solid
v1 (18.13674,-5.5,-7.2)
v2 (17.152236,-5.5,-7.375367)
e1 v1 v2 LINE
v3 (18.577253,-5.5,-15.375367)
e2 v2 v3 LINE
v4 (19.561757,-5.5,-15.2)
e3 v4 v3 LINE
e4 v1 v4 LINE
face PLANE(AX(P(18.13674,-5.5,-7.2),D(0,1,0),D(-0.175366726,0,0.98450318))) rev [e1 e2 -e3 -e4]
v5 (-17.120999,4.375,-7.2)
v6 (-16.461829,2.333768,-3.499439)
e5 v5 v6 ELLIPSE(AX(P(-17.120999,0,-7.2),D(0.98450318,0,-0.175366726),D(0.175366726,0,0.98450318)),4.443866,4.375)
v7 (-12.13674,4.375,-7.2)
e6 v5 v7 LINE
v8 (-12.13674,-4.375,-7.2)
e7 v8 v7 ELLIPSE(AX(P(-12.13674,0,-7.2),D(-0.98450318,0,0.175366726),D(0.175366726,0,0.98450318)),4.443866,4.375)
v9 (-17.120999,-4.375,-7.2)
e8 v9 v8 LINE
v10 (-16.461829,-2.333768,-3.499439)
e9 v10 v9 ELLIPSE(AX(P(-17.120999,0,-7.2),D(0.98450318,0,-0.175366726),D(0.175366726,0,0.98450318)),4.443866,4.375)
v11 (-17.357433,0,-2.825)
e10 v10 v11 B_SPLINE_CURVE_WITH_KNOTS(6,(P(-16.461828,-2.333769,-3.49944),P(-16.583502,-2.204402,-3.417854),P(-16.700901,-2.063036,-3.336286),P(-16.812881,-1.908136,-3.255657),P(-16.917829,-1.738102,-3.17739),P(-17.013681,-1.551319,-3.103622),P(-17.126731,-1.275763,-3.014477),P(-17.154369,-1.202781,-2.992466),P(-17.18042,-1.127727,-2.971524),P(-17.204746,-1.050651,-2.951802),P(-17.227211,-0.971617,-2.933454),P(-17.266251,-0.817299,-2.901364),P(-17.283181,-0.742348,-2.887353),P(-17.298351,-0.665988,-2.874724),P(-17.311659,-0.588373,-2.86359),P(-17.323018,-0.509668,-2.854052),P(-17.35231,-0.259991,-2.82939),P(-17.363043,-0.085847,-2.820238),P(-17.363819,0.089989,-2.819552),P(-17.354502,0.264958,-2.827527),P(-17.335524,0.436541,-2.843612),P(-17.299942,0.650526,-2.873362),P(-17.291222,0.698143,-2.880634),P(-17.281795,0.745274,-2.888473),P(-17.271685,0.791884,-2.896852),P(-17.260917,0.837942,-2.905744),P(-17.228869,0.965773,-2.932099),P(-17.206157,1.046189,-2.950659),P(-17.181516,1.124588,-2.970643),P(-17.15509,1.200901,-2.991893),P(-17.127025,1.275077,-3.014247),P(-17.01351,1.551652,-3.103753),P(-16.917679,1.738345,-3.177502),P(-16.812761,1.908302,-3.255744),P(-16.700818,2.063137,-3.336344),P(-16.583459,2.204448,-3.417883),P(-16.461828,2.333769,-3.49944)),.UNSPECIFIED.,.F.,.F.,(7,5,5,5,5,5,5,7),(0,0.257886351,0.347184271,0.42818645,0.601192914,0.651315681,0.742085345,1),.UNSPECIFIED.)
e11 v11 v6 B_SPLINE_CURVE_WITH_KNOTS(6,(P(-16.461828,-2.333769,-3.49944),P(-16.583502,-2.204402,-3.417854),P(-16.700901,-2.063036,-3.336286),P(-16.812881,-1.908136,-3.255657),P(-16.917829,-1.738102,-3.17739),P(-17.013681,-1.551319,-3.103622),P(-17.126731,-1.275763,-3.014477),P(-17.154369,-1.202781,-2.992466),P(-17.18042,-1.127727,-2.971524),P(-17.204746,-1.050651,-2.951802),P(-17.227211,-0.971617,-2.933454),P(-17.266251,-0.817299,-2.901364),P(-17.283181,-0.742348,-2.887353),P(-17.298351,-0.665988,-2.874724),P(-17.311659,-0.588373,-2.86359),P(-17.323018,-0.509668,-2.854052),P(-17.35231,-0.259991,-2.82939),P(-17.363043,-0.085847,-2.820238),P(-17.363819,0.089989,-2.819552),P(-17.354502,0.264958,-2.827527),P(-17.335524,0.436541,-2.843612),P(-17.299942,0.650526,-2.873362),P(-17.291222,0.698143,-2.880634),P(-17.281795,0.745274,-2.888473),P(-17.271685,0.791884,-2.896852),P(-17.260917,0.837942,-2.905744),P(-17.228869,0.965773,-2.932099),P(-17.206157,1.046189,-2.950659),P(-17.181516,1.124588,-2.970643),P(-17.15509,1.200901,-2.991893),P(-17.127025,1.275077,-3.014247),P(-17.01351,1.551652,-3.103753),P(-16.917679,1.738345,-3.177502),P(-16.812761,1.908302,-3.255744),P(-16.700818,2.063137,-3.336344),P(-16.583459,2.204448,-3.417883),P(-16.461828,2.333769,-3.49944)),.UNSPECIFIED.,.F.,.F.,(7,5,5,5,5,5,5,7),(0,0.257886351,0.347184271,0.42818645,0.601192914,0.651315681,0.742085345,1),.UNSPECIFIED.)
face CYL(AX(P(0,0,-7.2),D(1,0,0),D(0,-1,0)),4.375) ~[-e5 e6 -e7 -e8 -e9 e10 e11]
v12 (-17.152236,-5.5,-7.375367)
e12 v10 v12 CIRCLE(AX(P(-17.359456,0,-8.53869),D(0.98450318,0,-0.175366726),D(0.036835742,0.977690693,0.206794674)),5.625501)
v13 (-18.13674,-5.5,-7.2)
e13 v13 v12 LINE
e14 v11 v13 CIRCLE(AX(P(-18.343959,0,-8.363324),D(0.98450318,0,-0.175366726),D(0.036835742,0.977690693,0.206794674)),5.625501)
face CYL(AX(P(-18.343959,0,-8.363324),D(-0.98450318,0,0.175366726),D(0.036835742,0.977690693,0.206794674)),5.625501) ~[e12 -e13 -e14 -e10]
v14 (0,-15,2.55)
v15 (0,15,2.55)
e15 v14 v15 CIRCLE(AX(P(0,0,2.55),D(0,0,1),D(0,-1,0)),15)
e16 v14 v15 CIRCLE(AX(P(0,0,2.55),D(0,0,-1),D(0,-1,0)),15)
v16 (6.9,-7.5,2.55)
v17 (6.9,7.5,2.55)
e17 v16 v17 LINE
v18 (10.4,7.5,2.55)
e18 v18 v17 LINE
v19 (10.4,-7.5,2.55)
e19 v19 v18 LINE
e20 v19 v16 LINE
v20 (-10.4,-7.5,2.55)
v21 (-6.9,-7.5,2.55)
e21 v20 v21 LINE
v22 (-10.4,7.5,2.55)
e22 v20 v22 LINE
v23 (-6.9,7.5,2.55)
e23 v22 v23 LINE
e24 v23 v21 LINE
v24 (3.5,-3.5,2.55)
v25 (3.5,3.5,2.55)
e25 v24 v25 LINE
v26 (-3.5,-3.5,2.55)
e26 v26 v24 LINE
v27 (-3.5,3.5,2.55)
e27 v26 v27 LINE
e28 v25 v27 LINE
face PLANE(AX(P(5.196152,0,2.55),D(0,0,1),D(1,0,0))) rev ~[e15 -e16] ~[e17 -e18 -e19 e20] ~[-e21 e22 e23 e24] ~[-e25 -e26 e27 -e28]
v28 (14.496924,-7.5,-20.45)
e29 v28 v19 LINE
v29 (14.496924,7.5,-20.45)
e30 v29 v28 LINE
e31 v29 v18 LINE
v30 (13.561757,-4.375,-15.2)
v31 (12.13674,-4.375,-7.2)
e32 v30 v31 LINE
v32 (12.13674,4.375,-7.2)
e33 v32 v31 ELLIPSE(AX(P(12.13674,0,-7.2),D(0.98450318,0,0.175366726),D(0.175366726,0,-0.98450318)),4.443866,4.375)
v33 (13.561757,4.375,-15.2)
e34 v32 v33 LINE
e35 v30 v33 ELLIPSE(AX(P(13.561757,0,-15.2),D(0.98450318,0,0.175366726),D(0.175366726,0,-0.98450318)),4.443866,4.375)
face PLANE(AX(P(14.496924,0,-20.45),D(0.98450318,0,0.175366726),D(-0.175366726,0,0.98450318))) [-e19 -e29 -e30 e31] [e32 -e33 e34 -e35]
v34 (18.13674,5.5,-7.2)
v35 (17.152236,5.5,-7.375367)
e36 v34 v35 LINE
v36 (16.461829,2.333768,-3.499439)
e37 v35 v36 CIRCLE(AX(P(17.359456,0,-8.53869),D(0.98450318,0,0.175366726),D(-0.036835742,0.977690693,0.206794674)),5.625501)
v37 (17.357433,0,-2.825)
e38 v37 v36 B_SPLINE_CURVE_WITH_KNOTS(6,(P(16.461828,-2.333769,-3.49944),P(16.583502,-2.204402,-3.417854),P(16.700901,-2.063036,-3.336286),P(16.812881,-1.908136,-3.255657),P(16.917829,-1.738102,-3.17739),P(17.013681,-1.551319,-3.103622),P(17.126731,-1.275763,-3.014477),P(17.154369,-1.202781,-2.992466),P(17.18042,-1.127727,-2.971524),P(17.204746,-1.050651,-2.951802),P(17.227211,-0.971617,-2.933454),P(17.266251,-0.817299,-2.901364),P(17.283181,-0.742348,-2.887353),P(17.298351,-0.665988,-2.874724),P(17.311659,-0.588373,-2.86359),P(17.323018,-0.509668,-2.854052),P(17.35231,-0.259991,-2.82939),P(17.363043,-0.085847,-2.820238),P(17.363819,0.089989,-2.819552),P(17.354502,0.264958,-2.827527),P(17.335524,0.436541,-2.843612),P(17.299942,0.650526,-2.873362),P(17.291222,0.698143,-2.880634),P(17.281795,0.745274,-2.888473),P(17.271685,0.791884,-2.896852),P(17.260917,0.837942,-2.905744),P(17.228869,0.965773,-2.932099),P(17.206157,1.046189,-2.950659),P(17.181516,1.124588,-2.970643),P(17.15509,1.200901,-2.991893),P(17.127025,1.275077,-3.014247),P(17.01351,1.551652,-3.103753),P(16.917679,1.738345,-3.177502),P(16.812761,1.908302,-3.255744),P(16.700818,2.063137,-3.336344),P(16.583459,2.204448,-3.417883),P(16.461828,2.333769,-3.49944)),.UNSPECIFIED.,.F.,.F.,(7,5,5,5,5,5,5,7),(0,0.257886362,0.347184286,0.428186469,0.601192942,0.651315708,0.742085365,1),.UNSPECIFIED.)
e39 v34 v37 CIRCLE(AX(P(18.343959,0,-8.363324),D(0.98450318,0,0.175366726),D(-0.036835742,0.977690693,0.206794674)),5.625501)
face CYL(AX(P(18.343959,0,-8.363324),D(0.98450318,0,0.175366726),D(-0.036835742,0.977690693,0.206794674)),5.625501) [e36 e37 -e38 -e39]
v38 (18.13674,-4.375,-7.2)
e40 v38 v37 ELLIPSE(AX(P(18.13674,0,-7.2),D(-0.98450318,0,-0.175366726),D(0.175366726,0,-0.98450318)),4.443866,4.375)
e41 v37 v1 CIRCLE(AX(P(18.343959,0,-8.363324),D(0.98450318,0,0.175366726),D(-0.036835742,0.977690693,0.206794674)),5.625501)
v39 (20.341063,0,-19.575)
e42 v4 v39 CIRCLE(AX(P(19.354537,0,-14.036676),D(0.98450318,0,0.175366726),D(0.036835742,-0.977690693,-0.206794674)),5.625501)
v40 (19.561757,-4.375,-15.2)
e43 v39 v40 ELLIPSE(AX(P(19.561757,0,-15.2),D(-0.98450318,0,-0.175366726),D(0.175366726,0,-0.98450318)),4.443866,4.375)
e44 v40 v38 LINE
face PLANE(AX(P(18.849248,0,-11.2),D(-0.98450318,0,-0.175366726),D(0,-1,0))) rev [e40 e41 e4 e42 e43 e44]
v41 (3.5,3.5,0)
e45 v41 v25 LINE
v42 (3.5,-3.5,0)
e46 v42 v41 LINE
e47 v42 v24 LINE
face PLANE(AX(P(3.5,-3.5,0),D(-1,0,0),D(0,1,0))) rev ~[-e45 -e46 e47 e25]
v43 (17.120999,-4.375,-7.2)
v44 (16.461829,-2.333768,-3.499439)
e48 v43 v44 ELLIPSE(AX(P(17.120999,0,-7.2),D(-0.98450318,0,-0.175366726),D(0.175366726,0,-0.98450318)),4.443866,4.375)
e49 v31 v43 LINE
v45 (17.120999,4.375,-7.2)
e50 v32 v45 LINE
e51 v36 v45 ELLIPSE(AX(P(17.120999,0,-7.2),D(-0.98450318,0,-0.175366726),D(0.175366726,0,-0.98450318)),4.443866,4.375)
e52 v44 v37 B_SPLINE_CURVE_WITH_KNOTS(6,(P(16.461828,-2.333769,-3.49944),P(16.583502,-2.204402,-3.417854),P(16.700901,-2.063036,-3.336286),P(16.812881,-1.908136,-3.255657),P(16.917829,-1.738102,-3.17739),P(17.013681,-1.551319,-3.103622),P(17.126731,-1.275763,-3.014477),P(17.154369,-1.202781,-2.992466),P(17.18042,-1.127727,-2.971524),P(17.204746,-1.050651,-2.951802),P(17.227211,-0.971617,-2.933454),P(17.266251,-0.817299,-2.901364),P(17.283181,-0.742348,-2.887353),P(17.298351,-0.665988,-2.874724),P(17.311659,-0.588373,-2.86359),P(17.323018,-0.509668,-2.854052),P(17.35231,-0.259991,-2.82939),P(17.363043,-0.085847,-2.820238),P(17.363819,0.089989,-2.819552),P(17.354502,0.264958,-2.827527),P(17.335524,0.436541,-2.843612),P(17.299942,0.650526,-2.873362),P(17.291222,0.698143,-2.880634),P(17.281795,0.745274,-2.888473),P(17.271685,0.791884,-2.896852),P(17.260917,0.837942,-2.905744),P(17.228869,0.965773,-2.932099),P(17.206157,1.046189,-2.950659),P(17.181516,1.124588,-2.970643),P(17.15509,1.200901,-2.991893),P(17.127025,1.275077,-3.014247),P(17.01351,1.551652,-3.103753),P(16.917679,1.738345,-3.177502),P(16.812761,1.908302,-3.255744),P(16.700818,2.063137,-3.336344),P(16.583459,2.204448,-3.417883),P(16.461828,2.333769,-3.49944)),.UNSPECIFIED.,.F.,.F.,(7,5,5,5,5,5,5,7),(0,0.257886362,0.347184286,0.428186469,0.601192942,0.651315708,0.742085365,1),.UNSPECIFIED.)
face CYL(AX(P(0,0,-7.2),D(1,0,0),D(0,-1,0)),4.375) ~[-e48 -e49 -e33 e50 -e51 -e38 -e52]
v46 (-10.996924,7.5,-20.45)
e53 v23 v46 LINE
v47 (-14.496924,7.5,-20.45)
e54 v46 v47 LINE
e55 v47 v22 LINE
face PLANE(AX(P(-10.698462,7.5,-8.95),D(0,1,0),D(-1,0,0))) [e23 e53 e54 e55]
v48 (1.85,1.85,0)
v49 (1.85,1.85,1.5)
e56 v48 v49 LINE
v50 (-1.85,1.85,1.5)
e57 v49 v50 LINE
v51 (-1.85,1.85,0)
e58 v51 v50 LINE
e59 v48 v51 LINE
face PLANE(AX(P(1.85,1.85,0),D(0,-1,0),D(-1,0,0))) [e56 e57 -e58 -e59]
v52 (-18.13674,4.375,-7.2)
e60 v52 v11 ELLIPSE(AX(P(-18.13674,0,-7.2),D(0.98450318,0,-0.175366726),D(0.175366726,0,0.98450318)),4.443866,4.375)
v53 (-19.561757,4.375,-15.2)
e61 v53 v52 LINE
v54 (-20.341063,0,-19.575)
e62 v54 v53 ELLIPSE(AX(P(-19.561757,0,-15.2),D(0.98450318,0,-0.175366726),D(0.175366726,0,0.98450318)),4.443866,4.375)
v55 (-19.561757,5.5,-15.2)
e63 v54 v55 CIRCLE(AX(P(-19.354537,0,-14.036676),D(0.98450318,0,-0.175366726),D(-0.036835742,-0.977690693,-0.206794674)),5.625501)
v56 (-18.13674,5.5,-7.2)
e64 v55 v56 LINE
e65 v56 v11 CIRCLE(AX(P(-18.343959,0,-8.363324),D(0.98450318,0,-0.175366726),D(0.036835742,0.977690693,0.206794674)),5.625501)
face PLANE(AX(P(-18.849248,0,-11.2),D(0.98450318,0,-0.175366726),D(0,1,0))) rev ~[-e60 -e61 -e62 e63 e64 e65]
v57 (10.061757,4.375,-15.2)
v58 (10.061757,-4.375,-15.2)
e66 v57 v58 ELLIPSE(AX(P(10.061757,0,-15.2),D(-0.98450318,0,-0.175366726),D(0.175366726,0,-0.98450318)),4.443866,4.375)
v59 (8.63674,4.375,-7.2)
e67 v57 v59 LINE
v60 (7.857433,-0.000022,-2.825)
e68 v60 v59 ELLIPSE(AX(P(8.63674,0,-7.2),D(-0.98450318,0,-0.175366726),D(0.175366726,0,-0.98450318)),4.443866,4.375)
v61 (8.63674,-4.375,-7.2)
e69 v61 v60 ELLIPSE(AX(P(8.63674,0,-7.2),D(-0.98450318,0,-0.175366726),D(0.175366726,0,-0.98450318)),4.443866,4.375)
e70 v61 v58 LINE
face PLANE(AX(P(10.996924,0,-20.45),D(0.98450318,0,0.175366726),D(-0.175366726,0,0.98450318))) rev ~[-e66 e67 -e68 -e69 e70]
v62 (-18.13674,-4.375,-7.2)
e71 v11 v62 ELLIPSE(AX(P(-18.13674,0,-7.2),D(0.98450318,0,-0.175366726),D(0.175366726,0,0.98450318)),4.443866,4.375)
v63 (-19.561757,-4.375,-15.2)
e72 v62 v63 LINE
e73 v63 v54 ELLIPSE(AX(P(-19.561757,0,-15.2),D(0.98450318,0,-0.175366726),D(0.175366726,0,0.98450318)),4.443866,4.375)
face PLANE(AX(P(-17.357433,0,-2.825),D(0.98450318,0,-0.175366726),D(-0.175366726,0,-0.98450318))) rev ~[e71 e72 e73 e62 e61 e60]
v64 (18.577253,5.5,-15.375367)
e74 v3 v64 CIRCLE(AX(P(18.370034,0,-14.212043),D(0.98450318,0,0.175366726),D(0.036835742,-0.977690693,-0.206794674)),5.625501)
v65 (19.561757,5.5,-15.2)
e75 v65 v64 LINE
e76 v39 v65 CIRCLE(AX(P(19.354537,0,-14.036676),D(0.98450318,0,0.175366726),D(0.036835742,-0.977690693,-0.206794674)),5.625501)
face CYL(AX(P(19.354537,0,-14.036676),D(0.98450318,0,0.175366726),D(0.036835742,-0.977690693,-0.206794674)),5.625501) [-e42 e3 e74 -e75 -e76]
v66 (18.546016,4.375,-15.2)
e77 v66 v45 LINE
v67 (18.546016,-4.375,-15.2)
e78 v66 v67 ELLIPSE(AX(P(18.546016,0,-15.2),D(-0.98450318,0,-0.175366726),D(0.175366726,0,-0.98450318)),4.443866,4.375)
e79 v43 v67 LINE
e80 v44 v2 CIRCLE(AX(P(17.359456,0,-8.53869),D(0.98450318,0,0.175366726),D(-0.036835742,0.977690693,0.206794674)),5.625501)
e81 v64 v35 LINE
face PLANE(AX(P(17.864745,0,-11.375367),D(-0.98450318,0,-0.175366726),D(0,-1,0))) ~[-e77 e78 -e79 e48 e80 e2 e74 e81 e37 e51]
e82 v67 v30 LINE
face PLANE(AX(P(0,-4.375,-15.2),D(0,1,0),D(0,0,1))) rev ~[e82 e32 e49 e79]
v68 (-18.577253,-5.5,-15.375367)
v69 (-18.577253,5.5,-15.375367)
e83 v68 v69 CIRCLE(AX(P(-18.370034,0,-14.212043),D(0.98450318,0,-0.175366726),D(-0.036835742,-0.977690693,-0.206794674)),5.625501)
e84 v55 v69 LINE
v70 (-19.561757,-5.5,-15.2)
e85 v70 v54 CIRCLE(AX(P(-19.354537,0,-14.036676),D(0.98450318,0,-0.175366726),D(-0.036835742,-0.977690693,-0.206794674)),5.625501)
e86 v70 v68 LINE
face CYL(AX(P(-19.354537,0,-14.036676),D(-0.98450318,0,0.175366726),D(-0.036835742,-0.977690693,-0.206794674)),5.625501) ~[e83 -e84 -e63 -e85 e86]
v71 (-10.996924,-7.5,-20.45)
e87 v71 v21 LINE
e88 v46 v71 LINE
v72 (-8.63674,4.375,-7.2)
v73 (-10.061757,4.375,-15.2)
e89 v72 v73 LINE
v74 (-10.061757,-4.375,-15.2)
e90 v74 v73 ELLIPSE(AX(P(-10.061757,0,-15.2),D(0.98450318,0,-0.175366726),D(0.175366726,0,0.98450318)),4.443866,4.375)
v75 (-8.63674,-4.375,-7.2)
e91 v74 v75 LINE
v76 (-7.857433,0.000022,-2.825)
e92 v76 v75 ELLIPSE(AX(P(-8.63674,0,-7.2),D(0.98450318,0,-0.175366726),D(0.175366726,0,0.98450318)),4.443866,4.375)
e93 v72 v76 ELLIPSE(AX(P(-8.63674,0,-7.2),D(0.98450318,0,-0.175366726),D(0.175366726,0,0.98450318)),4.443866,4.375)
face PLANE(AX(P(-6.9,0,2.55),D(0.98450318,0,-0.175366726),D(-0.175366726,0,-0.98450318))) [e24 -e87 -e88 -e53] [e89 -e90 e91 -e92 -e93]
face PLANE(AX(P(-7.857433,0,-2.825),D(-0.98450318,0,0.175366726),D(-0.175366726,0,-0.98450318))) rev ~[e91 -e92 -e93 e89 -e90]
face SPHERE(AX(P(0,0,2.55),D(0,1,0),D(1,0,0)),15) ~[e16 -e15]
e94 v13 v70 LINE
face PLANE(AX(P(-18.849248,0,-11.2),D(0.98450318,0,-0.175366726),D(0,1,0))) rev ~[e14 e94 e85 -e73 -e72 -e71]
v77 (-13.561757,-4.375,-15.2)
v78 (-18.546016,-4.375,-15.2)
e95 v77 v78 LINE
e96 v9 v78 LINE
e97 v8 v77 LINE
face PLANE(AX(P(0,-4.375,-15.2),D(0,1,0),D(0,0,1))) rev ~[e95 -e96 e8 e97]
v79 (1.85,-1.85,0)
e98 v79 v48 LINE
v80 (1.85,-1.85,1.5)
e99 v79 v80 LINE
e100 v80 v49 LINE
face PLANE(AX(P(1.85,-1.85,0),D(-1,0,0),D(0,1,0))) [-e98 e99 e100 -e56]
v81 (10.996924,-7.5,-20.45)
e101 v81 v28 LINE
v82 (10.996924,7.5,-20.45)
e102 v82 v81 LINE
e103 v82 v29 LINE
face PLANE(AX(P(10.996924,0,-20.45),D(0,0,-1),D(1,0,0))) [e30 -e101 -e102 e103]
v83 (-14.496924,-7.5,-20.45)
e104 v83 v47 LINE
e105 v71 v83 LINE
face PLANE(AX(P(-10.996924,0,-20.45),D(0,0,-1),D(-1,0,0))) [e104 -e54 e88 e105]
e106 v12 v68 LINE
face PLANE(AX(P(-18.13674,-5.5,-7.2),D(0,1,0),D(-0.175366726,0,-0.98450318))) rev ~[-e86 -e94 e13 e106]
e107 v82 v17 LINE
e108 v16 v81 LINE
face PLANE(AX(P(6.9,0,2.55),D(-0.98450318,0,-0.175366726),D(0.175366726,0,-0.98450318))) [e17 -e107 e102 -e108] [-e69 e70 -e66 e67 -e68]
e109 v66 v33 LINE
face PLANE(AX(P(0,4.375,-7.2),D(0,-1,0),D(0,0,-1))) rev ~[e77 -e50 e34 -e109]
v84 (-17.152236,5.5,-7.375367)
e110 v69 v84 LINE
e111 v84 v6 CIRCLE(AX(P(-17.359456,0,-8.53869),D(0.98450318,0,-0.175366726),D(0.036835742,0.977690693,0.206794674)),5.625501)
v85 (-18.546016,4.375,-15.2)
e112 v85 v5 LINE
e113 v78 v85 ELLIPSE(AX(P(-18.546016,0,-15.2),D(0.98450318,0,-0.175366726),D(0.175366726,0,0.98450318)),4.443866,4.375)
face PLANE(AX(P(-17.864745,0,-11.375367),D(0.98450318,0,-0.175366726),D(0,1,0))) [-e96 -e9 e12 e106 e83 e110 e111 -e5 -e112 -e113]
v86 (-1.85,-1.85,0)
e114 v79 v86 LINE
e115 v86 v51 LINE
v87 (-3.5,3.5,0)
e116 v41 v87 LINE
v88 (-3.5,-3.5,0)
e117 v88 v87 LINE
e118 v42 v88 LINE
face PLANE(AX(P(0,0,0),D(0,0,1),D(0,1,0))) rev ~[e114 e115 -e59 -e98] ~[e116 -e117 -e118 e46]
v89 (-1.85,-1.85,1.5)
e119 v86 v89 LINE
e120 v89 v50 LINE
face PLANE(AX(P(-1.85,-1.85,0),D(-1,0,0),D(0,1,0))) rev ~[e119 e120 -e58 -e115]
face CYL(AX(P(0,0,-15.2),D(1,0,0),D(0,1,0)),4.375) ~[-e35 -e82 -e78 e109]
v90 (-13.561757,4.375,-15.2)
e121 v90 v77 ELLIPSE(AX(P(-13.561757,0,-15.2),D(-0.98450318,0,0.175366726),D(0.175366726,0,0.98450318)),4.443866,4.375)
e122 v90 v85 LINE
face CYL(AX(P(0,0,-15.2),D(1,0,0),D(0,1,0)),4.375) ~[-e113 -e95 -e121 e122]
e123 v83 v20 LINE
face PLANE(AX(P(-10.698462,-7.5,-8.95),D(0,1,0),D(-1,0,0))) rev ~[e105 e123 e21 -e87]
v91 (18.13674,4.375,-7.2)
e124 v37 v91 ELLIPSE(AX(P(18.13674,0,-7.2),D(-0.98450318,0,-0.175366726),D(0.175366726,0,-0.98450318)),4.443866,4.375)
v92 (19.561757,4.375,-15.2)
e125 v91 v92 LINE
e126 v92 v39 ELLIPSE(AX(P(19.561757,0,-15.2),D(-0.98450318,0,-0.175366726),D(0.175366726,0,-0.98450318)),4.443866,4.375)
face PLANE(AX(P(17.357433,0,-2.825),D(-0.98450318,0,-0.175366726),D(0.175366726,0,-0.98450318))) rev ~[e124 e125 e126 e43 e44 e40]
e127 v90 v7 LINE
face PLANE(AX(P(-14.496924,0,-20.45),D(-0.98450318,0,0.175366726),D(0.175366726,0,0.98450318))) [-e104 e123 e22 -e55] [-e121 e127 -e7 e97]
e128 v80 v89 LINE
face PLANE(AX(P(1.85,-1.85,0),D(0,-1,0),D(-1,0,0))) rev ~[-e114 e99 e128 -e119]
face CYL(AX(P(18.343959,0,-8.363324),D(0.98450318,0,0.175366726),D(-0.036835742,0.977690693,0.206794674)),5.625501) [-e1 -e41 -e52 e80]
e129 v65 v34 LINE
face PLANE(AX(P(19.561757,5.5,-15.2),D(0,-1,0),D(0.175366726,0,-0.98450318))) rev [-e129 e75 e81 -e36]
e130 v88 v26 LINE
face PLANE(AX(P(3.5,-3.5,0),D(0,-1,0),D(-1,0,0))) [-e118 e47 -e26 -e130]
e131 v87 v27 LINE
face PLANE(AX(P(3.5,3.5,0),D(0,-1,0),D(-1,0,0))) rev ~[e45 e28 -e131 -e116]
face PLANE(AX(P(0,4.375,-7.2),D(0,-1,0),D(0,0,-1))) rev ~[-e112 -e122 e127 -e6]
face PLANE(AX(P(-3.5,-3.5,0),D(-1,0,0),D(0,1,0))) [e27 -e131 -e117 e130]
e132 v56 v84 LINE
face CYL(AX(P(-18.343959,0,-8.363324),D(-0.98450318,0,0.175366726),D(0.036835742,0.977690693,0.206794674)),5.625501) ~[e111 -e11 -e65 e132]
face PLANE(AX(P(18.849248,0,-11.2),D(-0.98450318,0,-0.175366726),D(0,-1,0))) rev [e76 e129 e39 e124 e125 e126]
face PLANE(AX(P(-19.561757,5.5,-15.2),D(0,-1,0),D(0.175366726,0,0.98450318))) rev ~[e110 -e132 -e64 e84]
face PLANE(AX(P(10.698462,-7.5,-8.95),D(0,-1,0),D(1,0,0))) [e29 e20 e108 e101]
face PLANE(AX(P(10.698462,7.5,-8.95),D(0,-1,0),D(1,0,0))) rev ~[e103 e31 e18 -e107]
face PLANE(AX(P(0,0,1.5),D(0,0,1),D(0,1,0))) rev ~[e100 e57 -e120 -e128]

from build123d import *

# Parameters (mm, degrees)
SKETCH4_W           = 7
SKETCH4_H           = 7
BOSS_EXTRUDE2_DEPTH = 2.55
REVOLVE1_ANGLE      = 180
SKETCH2_W           = 3.7
SKETCH2_H           = 3.7
CUT_EXTRUDE1_DEPTH  = 1.5
BOSS_EXTRUDE6_DEPTH = 7.5
BOSS_EXTRUDE7_DEPTH = 22.5
CUT_EXTRUDE2_DEPTH  = 22.5
BOSS_EXTRUDE8_DEPTH = 1


with BuildPart() as part:
    # Sketch4 → Boss-Extrude2 (new body)
    with BuildSketch(Plane(origin=(0, 0, 0), x_dir=(0, 1, 0), z_dir=(0, 0, 1))):
        Rectangle(SKETCH4_W, SKETCH4_H)
    extrude(amount=BOSS_EXTRUDE2_DEPTH)

    # Sketch5 → Revolve1 (revolve)
    with BuildSketch(Plane.XY.offset(2.55)):
        with BuildLine():
            Line((0, 15), (0, -15))
            ThreePointArc((0, -15), (15, 0), (0, 15))
        make_face()
    revolve(axis=Axis((0, -1000, 2.55), (0, -1, 0)), revolution_arc=REVOLVE1_ANGLE)

    # Sketch2 → Cut-Extrude1 (cut)
    with BuildSketch(Plane(origin=(0, 0, 0), x_dir=(0, 1, 0), z_dir=(0, 0, 1))):
        Rectangle(SKETCH2_W, SKETCH2_H)
    extrude(amount=CUT_EXTRUDE1_DEPTH, mode=Mode.SUBTRACT)

    # Sketch13 → Boss-Extrude6 (add, symmetric)
    with BuildSketch(Plane(origin=(0, 0, 0), x_dir=(-1, 0, 0), z_dir=(0, 1, 0))):
        Polygon((-6.9, 2.55), (-10.996923994, -20.45), (-14.496923994, -20.45), (-10.4, 2.55), align=None)
        Polygon((10.996923994, -20.45), (14.496923994, -20.45), (10.4, 2.55), (6.9, 2.55), align=None)
    extrude(amount=BOSS_EXTRUDE6_DEPTH, both=True)

    # Sketch14 → Boss-Extrude7 (add, symmetric)
    with BuildSketch(Plane.YZ):
        with BuildLine():
            Line((4.375, -7.2), (4.375, -15.2))
            ThreePointArc((4.375, -15.2), (0, -19.575), (-4.375, -15.2))
            Line((-4.375, -15.2), (-4.375, -7.2))
            ThreePointArc((-4.375, -7.2), (0, -2.825), (4.375, -7.2))
        make_face()
    extrude(amount=BOSS_EXTRUDE7_DEPTH, both=True)

    # Sketch15 → Cut-Extrude2 (cut, symmetric)
    with BuildSketch(Plane(origin=(0, 0, 0), x_dir=(-1, 0, 0), z_dir=(0, 1, 0))):
        Polygon((-7.857433325, -2.825), (7.857433325, -2.825), (10.996923994, -20.45), (-10.996923994, -20.45), align=None)
        Polygon((-17.357433325, -2.825), (-20.341062755, -19.575), (-22.5, -19.575), (-22.5, -2.825), align=None)
        Polygon((20.341062755, -19.575), (22.5, -19.575), (22.5, -2.825), (17.357433325, -2.825), align=None)
    extrude(amount=CUT_EXTRUDE2_DEPTH, both=True, mode=Mode.SUBTRACT)

    # Sketch16 → Boss-Extrude8 (add)
    with BuildSketch(Plane(origin=(-16.33589799, 0, 2.909866628), x_dir=(0, -1, 0), z_dir=(-0.98450318, 0, 0.175366726))):
        with BuildLine():
            Line((5.5, -10.269003527), (5.5, -18.39492954))
            ThreePointArc((5.5, -18.39492954), (0, -22.838795329), (-5.5, -18.39492954))
            Line((-5.5, -18.39492954), (-5.5, -10.269003527))
            ThreePointArc((-5.5, -10.269003527), (0, -5.825137739), (5.5, -10.269003527))
        make_face()
    boss_extrude8 = extrude(amount=-BOSS_EXTRUDE8_DEPTH)

    # Mirror1: Boss-Extrude8 across plane
    add(boss_extrude8.mirror(Plane(origin=(0, 0, 0), x_dir=(0, 0, 1), z_dir=(1, 0, 0))))


solid = part.part
